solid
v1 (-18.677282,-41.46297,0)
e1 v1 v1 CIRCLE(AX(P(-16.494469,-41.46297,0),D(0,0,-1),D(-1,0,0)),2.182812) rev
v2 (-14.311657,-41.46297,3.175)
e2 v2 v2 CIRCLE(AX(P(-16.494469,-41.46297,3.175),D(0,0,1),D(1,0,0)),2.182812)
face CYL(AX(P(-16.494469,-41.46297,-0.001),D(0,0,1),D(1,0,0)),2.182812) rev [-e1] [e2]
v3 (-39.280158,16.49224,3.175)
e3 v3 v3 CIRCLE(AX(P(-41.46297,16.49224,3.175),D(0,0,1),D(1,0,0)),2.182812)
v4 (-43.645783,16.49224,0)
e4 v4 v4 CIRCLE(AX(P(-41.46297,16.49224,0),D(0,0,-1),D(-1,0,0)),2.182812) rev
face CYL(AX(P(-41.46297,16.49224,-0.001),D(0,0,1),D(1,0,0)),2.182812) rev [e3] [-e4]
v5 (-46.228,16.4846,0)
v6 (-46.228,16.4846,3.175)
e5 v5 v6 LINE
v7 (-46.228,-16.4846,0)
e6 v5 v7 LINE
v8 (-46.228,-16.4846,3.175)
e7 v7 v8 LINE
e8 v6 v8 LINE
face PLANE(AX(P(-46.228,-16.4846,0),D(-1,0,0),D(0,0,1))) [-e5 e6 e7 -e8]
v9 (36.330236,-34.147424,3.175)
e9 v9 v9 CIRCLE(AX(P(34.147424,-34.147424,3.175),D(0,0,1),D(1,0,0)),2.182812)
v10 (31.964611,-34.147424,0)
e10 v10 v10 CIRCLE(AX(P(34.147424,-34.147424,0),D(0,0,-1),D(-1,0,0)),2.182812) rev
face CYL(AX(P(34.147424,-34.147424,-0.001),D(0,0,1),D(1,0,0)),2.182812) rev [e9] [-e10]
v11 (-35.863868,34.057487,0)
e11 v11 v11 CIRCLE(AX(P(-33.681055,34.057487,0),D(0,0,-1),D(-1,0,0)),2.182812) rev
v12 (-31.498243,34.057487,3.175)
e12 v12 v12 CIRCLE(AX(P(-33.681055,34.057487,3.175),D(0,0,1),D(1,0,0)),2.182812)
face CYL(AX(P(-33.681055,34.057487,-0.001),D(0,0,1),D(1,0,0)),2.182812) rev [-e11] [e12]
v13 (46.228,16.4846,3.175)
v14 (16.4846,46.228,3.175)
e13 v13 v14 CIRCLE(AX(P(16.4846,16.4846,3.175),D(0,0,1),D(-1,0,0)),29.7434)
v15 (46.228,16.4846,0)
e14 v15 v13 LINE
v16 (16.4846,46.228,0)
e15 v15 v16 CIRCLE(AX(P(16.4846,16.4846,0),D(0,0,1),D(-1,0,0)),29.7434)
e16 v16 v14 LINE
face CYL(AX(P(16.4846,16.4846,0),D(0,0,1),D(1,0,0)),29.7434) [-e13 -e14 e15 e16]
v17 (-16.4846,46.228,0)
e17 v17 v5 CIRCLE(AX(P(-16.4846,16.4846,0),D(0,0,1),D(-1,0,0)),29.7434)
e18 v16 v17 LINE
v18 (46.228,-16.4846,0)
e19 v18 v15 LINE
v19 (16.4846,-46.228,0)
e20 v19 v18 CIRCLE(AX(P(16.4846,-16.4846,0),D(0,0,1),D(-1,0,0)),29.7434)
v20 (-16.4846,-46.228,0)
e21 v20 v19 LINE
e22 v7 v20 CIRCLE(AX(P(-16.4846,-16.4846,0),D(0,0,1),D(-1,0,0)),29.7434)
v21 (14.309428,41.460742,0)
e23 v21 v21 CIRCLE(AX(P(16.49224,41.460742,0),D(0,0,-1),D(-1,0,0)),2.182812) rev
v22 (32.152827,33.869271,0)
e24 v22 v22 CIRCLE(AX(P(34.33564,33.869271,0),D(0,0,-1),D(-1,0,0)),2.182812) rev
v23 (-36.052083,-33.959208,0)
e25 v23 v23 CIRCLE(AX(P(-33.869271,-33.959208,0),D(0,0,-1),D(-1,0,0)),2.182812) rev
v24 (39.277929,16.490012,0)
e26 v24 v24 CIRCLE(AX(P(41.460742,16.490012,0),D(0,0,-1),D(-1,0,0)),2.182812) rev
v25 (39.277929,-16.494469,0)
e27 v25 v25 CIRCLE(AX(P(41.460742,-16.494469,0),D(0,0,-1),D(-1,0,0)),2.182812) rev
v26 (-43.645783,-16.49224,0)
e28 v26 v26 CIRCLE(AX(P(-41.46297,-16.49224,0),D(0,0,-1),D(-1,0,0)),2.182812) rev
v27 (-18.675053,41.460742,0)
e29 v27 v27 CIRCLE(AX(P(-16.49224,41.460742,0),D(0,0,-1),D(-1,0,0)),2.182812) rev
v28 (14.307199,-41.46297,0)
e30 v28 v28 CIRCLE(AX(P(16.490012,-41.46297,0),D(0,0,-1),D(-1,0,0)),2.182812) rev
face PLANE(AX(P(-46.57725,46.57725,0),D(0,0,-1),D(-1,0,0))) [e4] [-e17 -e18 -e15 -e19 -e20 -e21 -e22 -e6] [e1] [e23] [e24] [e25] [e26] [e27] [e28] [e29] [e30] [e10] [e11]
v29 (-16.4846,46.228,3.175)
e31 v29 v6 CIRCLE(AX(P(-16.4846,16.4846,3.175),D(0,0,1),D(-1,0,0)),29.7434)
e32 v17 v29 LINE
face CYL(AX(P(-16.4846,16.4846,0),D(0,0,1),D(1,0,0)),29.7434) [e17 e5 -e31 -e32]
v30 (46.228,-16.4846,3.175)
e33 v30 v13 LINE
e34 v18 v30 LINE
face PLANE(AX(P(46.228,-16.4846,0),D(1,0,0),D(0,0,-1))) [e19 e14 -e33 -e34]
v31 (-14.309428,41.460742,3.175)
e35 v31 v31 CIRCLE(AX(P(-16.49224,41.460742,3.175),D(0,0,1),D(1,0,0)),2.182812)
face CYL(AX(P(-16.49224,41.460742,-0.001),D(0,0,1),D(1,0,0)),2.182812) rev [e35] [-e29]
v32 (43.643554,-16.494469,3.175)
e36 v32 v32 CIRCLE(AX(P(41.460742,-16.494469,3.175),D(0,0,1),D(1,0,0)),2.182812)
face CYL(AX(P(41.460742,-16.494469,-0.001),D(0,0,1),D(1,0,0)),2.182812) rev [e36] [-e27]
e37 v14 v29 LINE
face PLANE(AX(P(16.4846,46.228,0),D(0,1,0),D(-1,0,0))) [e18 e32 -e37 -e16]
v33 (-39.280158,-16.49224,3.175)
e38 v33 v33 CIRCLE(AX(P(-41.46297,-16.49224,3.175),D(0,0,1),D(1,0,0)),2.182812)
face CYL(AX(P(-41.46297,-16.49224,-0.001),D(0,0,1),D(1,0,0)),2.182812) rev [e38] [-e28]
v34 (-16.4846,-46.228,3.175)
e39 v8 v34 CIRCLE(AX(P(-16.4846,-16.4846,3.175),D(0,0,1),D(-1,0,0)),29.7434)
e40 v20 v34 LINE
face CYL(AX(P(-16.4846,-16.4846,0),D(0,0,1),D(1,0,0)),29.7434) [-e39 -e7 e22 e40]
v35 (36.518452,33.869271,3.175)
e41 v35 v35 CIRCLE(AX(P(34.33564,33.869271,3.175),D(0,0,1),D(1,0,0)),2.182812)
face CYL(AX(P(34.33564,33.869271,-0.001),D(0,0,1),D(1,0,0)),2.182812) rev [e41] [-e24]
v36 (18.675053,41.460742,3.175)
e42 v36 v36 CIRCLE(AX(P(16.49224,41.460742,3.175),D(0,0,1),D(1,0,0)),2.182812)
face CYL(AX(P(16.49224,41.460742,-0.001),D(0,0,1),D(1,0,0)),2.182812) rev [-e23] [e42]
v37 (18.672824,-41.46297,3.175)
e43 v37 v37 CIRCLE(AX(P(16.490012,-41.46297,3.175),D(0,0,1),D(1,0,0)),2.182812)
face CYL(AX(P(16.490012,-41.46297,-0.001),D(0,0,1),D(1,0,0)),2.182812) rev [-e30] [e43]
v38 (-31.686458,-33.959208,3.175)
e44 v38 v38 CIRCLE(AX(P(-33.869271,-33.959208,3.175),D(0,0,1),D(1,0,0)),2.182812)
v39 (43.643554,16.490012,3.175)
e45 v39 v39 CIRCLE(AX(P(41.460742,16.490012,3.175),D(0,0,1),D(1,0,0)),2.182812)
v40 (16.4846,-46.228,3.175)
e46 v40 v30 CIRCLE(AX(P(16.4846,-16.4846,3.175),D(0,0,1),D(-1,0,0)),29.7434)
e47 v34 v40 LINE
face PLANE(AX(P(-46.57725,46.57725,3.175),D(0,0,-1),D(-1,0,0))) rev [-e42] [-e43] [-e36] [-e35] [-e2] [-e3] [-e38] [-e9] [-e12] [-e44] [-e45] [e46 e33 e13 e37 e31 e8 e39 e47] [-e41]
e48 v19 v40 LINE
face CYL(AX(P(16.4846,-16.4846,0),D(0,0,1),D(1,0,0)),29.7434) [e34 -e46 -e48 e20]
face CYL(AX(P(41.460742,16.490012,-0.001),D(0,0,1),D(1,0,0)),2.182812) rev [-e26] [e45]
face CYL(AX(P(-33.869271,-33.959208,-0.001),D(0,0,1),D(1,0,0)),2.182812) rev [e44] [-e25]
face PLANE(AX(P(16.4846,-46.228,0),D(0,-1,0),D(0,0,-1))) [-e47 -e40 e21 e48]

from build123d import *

# Parameters (mm, degrees)
BOSS_EXTRUDE1_DEPTH = 3.175
CUT_EXTRUDE2_REACH  = 69.068
SKETCH3_R           = 2.1828125
SKETCH4_W           = 109.59125296
SKETCH4_H           = 128.097404578
CUT_EXTRUDE3_DEPTH  = 68.067905193


with BuildPart() as part:
    # Sketch1 → Boss-Extrude1 (new body)
    with BuildSketch(Plane.XY):
        with BuildLine():
            Line((46.57725, -47.371), (-46.57725, -47.371))
            ThreePointArc((-46.57725, -47.371), (-47.138516008, -47.138516008), (-47.371, -46.57725))
            Line((-47.371, -46.57725), (-47.371, 46.57725))
            ThreePointArc((-47.371, 46.57725), (-47.138516008, 47.138516008), (-46.57725, 47.371))
            Line((-46.57725, 47.371), (46.57725, 47.371))
            ThreePointArc((46.57725, 47.371), (47.138516008, 47.138516008), (47.371, 46.57725))
            Line((47.371, 46.57725), (47.371, -46.57725))
            ThreePointArc((47.371, -46.57725), (47.138516008, -47.138516008), (46.57725, -47.371))
        make_face()
    extrude(amount=BOSS_EXTRUDE1_DEPTH)

    # Sketch3 → Cut-Extrude2 (cut, up to next)
    with BuildSketch(Plane.XY.offset(3.175), mode=Mode.PRIVATE) as cut_extrude2_sk1:
        with Locations((16.490011722, -41.462970183)):
            Circle(SKETCH3_R)
    cut_extrude2_tool1 = extrude(cut_extrude2_sk1.sketch, amount=-CUT_EXTRUDE2_REACH, mode=Mode.PRIVATE) & part.part
    # Sketch3 → Cut-Extrude2 (cut, up to next)
    with BuildSketch(Plane.XY.offset(3.175), mode=Mode.PRIVATE) as cut_extrude2_sk2:
        with Locations((34.1474239, -34.1474239)):
            Circle(SKETCH3_R)
    cut_extrude2_tool2 = extrude(cut_extrude2_sk2.sketch, amount=-CUT_EXTRUDE2_REACH, mode=Mode.PRIVATE) & part.part
    # Sketch3 → Cut-Extrude2 (cut, up to next)
    with BuildSketch(Plane.XY.offset(3.175), mode=Mode.PRIVATE) as cut_extrude2_sk3:
        with Locations((41.460741539, -16.494469011)):
            Circle(SKETCH3_R)
    cut_extrude2_tool3 = extrude(cut_extrude2_sk3.sketch, amount=-CUT_EXTRUDE2_REACH, mode=Mode.PRIVATE) & part.part
    # Sketch3 → Cut-Extrude2 (cut, up to next)
    with BuildSketch(Plane.XY.offset(3.175), mode=Mode.PRIVATE) as cut_extrude2_sk4:
        with Locations((41.460741539, 16.490011722)):
            Circle(SKETCH3_R)
    cut_extrude2_tool4 = extrude(cut_extrude2_sk4.sketch, amount=-CUT_EXTRUDE2_REACH, mode=Mode.PRIVATE) & part.part
    # Sketch3 → Cut-Extrude2 (cut, up to next)
    with BuildSketch(Plane.XY.offset(3.175), mode=Mode.PRIVATE) as cut_extrude2_sk5:
        with Locations((34.335639739, 33.869270843)):
            Circle(SKETCH3_R)
    cut_extrude2_tool5 = extrude(cut_extrude2_sk5.sketch, amount=-CUT_EXTRUDE2_REACH, mode=Mode.PRIVATE) & part.part
    # Sketch3 → Cut-Extrude2 (cut, up to next)
    with BuildSketch(Plane.XY.offset(3.175), mode=Mode.PRIVATE) as cut_extrude2_sk6:
        with Locations((16.492240366, 41.460741539)):
            Circle(SKETCH3_R)
    cut_extrude2_tool6 = extrude(cut_extrude2_sk6.sketch, amount=-CUT_EXTRUDE2_REACH, mode=Mode.PRIVATE) & part.part
    # Sketch3 → Cut-Extrude2 (cut, up to next)
    with BuildSketch(Plane.XY.offset(3.175), mode=Mode.PRIVATE) as cut_extrude2_sk7:
        with Locations((-16.492240366, 41.460741539)):
            Circle(SKETCH3_R)
    cut_extrude2_tool7 = extrude(cut_extrude2_sk7.sketch, amount=-CUT_EXTRUDE2_REACH, mode=Mode.PRIVATE) & part.part
    # Sketch3 → Cut-Extrude2 (cut, up to next)
    with BuildSketch(Plane.XY.offset(3.175), mode=Mode.PRIVATE) as cut_extrude2_sk8:
        with Locations((-33.681055005, 34.057486682)):
            Circle(SKETCH3_R)
    cut_extrude2_tool8 = extrude(cut_extrude2_sk8.sketch, amount=-CUT_EXTRUDE2_REACH, mode=Mode.PRIVATE) & part.part
    # Sketch3 → Cut-Extrude2 (cut, up to next)
    with BuildSketch(Plane.XY.offset(3.175), mode=Mode.PRIVATE) as cut_extrude2_sk9:
        with Locations((-41.462970183, 16.492240366)):
            Circle(SKETCH3_R)
    cut_extrude2_tool9 = extrude(cut_extrude2_sk9.sketch, amount=-CUT_EXTRUDE2_REACH, mode=Mode.PRIVATE) & part.part
    # Sketch3 → Cut-Extrude2 (cut, up to next)
    with BuildSketch(Plane.XY.offset(3.175), mode=Mode.PRIVATE) as cut_extrude2_sk10:
        with Locations((-41.462970183, -16.492240366)):
            Circle(SKETCH3_R)
    cut_extrude2_tool10 = extrude(cut_extrude2_sk10.sketch, amount=-CUT_EXTRUDE2_REACH, mode=Mode.PRIVATE) & part.part
    # Sketch3 → Cut-Extrude2 (cut, up to next)
    with BuildSketch(Plane.XY.offset(3.175), mode=Mode.PRIVATE) as cut_extrude2_sk11:
        with Locations((-16.494469011, -41.462970183)):
            Circle(SKETCH3_R)
    cut_extrude2_tool11 = extrude(cut_extrude2_sk11.sketch, amount=-CUT_EXTRUDE2_REACH, mode=Mode.PRIVATE) & part.part
    # Sketch3 → Cut-Extrude2 (cut, up to next)
    with BuildSketch(Plane.XY.offset(3.175), mode=Mode.PRIVATE) as cut_extrude2_sk12:
        with Locations((-33.869270843, -33.959208062)):
            Circle(SKETCH3_R)
    cut_extrude2_tool12 = extrude(cut_extrude2_sk12.sketch, amount=-CUT_EXTRUDE2_REACH, mode=Mode.PRIVATE) & part.part
    add(cut_extrude2_tool1.solids().sort_by_distance((16.490012, -41.46297, 3.175))[0], mode=Mode.SUBTRACT)
    add(cut_extrude2_tool2.solids().sort_by_distance((34.147424, -34.147424, 3.175))[0], mode=Mode.SUBTRACT)
    add(cut_extrude2_tool3.solids().sort_by_distance((41.460742, -16.494469, 3.175))[0], mode=Mode.SUBTRACT)
    add(cut_extrude2_tool4.solids().sort_by_distance((41.460742, 16.490012, 3.175))[0], mode=Mode.SUBTRACT)
    add(cut_extrude2_tool5.solids().sort_by_distance((34.33564, 33.869271, 3.175))[0], mode=Mode.SUBTRACT)
    add(cut_extrude2_tool6.solids().sort_by_distance((16.49224, 41.460742, 3.175))[0], mode=Mode.SUBTRACT)
    add(cut_extrude2_tool7.solids().sort_by_distance((-16.49224, 41.460742, 3.175))[0], mode=Mode.SUBTRACT)
    add(cut_extrude2_tool8.solids().sort_by_distance((-33.681055, 34.057487, 3.175))[0], mode=Mode.SUBTRACT)
    add(cut_extrude2_tool9.solids().sort_by_distance((-41.46297, 16.49224, 3.175))[0], mode=Mode.SUBTRACT)
    add(cut_extrude2_tool10.solids().sort_by_distance((-41.46297, -16.49224, 3.175))[0], mode=Mode.SUBTRACT)
    add(cut_extrude2_tool11.solids().sort_by_distance((-16.494469, -41.46297, 3.175))[0], mode=Mode.SUBTRACT)
    add(cut_extrude2_tool12.solids().sort_by_distance((-33.869271, -33.959208, 3.175))[0], mode=Mode.SUBTRACT)

    # Sketch4 → Cut-Extrude3 (cut, through all)
    with BuildSketch(Plane.XY.offset(3.175)):
        Rectangle(SKETCH4_W, SKETCH4_H)
        with BuildLine():
            Line((16.4846, -46.228), (-16.4846, -46.228))
            ThreePointArc((-16.4846, -46.228), (-37.516359836, -37.516359836), (-46.228, -16.4846))
            Line((-46.228, -16.4846), (-46.228, 16.4846))
            ThreePointArc((-46.228, 16.4846), (-37.516359836, 37.516359836), (-16.4846, 46.228))
            Line((-16.4846, 46.228), (16.4846, 46.228))
            ThreePointArc((16.4846, 46.228), (37.516359836, 37.516359836), (46.228, 16.4846))
            Line((46.228, 16.4846), (46.228, -16.4846))
            ThreePointArc((46.228, -16.4846), (37.516359836, -37.516359836), (16.4846, -46.228))
        make_face(mode=Mode.SUBTRACT)
    extrude(amount=-CUT_EXTRUDE3_DEPTH, mode=Mode.SUBTRACT)


solid = part.part
